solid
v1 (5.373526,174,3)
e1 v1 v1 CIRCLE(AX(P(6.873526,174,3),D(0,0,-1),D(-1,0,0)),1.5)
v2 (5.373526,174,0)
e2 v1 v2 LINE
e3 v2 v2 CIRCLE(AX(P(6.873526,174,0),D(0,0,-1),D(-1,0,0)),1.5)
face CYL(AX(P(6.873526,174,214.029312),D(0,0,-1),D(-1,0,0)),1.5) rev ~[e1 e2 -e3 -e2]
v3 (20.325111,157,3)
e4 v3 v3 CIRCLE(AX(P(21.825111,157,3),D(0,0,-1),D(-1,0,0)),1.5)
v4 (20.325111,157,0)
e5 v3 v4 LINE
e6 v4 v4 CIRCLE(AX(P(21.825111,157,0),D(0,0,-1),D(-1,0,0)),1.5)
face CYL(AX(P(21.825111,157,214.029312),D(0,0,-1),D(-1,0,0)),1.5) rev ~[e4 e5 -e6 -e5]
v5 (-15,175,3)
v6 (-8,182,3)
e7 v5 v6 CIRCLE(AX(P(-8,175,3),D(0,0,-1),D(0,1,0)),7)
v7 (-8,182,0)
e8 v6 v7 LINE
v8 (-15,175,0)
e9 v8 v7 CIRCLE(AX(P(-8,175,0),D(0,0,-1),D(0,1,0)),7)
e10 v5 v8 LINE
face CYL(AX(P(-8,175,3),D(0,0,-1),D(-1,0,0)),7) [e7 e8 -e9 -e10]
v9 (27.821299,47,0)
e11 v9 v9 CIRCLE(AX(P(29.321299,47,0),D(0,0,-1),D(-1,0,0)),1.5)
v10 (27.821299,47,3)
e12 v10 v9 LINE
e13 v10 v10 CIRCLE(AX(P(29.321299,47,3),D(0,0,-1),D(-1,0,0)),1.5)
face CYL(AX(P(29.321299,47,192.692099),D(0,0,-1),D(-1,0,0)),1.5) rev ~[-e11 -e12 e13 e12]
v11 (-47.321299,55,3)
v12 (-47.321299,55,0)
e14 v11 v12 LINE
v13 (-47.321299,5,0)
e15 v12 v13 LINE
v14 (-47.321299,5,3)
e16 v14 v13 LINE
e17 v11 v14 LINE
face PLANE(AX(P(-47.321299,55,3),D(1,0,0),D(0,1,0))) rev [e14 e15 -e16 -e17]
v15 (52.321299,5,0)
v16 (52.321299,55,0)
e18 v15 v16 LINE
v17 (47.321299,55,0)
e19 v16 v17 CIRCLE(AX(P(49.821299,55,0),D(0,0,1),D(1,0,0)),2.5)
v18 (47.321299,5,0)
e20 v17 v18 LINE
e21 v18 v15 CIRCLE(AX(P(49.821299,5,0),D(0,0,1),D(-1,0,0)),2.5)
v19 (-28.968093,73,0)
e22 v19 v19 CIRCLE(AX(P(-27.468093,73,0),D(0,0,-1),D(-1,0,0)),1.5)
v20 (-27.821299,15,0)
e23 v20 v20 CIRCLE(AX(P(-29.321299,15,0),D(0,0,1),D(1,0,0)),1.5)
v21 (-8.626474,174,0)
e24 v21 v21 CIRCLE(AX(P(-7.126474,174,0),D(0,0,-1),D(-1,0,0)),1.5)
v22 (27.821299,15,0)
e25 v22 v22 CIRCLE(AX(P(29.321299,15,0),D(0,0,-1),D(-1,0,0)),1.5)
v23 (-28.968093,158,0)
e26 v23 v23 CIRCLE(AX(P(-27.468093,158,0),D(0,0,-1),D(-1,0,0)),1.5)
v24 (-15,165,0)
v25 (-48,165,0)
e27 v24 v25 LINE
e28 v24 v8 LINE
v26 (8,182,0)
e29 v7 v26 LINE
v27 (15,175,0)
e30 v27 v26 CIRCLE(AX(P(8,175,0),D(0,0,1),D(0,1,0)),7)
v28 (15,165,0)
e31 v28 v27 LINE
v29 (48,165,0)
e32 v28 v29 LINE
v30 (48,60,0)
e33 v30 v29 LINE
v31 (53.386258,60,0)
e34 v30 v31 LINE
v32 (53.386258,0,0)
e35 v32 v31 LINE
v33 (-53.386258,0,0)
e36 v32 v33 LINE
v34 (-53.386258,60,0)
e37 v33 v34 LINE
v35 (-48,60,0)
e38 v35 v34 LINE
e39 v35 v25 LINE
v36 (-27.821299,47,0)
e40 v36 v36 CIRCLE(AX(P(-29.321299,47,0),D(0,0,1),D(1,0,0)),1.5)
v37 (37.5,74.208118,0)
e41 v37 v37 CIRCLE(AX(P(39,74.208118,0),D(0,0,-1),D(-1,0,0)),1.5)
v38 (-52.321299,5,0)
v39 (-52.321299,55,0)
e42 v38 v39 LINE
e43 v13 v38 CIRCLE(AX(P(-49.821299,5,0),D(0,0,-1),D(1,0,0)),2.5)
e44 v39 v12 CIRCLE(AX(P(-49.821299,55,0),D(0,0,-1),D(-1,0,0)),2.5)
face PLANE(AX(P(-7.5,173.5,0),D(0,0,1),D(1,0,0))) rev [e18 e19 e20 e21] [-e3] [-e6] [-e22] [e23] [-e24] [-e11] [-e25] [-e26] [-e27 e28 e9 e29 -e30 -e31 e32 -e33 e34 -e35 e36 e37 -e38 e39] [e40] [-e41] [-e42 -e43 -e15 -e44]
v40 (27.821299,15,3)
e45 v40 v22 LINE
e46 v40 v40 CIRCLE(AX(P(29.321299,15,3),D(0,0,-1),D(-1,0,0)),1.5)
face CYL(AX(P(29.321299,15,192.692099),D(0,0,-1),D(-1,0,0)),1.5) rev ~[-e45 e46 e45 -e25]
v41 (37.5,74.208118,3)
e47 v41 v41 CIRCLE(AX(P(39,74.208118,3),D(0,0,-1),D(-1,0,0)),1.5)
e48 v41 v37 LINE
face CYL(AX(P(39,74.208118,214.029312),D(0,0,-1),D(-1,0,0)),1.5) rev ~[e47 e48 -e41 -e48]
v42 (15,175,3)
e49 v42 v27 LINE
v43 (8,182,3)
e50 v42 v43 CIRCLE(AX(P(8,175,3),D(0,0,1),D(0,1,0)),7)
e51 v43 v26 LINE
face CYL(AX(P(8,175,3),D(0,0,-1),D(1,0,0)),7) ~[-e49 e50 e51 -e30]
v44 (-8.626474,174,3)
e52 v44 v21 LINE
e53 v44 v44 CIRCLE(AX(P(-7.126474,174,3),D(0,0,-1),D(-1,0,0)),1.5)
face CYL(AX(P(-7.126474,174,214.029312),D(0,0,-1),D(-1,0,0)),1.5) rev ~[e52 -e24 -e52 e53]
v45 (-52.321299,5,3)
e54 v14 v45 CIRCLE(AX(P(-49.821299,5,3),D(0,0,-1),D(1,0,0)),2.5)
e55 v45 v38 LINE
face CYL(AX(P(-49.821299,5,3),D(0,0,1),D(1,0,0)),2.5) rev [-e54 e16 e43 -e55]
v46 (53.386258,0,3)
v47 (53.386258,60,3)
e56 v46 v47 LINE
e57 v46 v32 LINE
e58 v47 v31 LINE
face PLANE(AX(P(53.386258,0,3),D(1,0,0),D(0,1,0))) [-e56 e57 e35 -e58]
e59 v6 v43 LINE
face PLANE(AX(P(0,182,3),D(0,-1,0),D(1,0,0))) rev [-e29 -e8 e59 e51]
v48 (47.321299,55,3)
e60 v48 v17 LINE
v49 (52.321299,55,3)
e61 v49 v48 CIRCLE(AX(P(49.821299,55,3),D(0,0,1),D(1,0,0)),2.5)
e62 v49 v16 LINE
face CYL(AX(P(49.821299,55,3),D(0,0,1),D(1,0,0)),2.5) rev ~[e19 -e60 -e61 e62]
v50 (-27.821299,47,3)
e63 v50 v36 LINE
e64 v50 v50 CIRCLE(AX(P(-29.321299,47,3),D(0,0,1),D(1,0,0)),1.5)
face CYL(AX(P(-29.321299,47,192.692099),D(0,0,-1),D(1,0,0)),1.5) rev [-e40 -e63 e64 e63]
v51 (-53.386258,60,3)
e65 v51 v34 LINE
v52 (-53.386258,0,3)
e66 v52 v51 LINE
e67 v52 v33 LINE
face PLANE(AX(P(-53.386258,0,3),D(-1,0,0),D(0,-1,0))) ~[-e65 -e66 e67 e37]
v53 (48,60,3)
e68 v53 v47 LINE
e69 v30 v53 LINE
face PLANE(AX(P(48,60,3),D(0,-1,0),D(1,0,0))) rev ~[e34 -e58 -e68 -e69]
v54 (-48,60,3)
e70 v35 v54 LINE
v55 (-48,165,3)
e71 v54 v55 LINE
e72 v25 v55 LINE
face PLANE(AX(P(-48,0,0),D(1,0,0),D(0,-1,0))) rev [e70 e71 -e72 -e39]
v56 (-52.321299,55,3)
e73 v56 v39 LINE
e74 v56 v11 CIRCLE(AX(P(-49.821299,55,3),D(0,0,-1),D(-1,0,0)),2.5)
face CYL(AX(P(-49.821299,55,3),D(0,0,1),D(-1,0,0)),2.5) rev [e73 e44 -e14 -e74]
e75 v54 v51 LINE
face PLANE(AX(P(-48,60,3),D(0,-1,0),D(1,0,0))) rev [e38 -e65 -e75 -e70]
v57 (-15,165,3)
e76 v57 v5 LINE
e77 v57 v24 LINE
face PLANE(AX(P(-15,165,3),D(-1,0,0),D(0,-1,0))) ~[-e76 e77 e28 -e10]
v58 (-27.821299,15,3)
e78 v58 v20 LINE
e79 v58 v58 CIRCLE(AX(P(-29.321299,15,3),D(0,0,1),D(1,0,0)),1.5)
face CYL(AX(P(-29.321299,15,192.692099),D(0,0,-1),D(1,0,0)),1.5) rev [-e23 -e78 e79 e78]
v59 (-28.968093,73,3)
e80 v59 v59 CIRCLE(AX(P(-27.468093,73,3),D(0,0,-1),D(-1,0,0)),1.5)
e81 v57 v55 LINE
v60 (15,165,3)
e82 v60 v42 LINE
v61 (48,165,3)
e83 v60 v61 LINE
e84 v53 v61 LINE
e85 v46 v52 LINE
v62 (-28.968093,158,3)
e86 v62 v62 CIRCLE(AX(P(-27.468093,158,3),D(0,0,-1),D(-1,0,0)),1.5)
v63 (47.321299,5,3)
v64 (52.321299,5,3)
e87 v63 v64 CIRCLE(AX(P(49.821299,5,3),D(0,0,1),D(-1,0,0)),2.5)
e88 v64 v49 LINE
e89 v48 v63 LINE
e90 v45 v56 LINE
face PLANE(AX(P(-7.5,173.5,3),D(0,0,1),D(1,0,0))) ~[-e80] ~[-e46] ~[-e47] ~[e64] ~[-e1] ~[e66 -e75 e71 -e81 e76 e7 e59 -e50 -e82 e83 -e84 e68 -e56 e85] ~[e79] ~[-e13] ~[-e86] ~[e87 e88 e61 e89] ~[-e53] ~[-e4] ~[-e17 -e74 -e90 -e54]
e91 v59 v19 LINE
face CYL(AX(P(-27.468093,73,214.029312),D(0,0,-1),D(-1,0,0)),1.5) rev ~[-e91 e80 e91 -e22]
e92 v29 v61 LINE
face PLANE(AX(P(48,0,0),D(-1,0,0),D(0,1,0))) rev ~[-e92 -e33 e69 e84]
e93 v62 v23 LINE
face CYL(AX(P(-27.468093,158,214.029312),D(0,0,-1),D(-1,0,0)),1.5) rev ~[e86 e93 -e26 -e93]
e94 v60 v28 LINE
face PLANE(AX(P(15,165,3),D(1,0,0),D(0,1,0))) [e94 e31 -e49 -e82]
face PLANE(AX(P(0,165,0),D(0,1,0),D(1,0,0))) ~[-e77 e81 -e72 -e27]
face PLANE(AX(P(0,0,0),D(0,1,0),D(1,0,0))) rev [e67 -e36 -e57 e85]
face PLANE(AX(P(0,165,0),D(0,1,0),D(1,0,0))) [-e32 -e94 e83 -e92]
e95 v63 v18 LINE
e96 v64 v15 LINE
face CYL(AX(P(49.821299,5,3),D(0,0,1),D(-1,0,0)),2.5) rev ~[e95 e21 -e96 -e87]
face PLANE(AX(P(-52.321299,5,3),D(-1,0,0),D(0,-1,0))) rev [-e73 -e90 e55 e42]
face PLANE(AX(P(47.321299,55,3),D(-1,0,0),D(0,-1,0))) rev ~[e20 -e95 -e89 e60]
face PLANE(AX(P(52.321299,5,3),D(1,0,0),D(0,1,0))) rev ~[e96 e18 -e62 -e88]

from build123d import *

# Parameters (mm, degrees)
F0_W      = 48
F0_H      = 165
F1_DEPTH  = 3
F2_W      = 5.386259
F2_H      = 60
F1_FACE_W = 48
F1_FACE_H = 165
F3_DEPTH  = 3
F4_W      = 15
F4_H      = 17
F5_DEPTH  = 3
F6_R      = 7
F8_DEPTH  = 61.790481
F10_D     = 3
F15_D     = 3
F17_D     = 3
F19_D     = 3
F21_D     = 3


with BuildPart() as f1:
    # F0 (on Top) → F1 (new body)
    with BuildSketch(Plane.XY):
        with Locations((24, 82.5)):
            Rectangle(F0_W, F0_H)
    extrude(amount=F1_DEPTH)

    # F2 (on face) + F1_face (on face) → F3 (join)
    with BuildSketch(Plane.XY.offset(3)):
        with Locations((50.693129, 30)):
            Rectangle(F2_W, F2_H)
    with BuildSketch(Plane(origin=(24, 82.5, 3), x_dir=(1, 0, 0), z_dir=(0, 0, 1))):
        Rectangle(F1_FACE_W, F1_FACE_H)
    extrude(amount=-F3_DEPTH)

    # F4 (on face) → F5 (join)
    with BuildSketch(Plane.XY.offset(3)):
        with Locations((7.5, 173.5)):
            Rectangle(F4_W, F4_H)
    extrude(amount=-F5_DEPTH)

    # F6
    f6_edges = [f1.edges().sort_by_distance(p)[0] for p in [
        (15, 182, 1.5),
    ]]
    fillet(f6_edges, radius=F6_R)

    # F7 (on face) → F8 (cut)
    with BuildSketch(Plane.XY.offset(3)):
        with BuildLine():
            ThreePointArc((52.321299, 55), (49.821299, 57.5), (47.321299, 55))
            Line((47.321299, 55), (47.321299, 5))
            ThreePointArc((47.321299, 5), (49.821299, 2.5), (52.321299, 5))
            Line((52.321299, 5), (52.321299, 55))
        make_face()
    extrude(amount=-F8_DEPTH, mode=Mode.SUBTRACT)

    # F10 (through all)
    with Locations(Plane.XY.offset(3)):
        with Locations((29.321299, 15), (29.321299, 47)):
            Hole(F10_D / 2)

    # F13: F1 across plane


with BuildPart() as f1_1:
    add(f1.part)
    add(f1.part.mirror(Plane.YZ))

    # F15 (through all)
    with Locations(Plane.XY.offset(3)):
        with Locations((6.873526, 174), (-7.126474, 174)):
            Hole(F15_D / 2)

    # F17 (through all)
    with Locations(Plane.XY.offset(3)):
        with Locations((21.825111, 157)):
            Hole(F17_D / 2)

    # F19 (through all)
    with Locations(Plane.XY.offset(3)):
        with Locations((-27.468093, 73), (-27.468093, 158)):
            Hole(F19_D / 2)

    # F21 (through all)
    with Locations(Plane.XY.offset(3)):
        with Locations((39, 74.208118)):
            Hole(F21_D / 2)


solid = f1_1.part
